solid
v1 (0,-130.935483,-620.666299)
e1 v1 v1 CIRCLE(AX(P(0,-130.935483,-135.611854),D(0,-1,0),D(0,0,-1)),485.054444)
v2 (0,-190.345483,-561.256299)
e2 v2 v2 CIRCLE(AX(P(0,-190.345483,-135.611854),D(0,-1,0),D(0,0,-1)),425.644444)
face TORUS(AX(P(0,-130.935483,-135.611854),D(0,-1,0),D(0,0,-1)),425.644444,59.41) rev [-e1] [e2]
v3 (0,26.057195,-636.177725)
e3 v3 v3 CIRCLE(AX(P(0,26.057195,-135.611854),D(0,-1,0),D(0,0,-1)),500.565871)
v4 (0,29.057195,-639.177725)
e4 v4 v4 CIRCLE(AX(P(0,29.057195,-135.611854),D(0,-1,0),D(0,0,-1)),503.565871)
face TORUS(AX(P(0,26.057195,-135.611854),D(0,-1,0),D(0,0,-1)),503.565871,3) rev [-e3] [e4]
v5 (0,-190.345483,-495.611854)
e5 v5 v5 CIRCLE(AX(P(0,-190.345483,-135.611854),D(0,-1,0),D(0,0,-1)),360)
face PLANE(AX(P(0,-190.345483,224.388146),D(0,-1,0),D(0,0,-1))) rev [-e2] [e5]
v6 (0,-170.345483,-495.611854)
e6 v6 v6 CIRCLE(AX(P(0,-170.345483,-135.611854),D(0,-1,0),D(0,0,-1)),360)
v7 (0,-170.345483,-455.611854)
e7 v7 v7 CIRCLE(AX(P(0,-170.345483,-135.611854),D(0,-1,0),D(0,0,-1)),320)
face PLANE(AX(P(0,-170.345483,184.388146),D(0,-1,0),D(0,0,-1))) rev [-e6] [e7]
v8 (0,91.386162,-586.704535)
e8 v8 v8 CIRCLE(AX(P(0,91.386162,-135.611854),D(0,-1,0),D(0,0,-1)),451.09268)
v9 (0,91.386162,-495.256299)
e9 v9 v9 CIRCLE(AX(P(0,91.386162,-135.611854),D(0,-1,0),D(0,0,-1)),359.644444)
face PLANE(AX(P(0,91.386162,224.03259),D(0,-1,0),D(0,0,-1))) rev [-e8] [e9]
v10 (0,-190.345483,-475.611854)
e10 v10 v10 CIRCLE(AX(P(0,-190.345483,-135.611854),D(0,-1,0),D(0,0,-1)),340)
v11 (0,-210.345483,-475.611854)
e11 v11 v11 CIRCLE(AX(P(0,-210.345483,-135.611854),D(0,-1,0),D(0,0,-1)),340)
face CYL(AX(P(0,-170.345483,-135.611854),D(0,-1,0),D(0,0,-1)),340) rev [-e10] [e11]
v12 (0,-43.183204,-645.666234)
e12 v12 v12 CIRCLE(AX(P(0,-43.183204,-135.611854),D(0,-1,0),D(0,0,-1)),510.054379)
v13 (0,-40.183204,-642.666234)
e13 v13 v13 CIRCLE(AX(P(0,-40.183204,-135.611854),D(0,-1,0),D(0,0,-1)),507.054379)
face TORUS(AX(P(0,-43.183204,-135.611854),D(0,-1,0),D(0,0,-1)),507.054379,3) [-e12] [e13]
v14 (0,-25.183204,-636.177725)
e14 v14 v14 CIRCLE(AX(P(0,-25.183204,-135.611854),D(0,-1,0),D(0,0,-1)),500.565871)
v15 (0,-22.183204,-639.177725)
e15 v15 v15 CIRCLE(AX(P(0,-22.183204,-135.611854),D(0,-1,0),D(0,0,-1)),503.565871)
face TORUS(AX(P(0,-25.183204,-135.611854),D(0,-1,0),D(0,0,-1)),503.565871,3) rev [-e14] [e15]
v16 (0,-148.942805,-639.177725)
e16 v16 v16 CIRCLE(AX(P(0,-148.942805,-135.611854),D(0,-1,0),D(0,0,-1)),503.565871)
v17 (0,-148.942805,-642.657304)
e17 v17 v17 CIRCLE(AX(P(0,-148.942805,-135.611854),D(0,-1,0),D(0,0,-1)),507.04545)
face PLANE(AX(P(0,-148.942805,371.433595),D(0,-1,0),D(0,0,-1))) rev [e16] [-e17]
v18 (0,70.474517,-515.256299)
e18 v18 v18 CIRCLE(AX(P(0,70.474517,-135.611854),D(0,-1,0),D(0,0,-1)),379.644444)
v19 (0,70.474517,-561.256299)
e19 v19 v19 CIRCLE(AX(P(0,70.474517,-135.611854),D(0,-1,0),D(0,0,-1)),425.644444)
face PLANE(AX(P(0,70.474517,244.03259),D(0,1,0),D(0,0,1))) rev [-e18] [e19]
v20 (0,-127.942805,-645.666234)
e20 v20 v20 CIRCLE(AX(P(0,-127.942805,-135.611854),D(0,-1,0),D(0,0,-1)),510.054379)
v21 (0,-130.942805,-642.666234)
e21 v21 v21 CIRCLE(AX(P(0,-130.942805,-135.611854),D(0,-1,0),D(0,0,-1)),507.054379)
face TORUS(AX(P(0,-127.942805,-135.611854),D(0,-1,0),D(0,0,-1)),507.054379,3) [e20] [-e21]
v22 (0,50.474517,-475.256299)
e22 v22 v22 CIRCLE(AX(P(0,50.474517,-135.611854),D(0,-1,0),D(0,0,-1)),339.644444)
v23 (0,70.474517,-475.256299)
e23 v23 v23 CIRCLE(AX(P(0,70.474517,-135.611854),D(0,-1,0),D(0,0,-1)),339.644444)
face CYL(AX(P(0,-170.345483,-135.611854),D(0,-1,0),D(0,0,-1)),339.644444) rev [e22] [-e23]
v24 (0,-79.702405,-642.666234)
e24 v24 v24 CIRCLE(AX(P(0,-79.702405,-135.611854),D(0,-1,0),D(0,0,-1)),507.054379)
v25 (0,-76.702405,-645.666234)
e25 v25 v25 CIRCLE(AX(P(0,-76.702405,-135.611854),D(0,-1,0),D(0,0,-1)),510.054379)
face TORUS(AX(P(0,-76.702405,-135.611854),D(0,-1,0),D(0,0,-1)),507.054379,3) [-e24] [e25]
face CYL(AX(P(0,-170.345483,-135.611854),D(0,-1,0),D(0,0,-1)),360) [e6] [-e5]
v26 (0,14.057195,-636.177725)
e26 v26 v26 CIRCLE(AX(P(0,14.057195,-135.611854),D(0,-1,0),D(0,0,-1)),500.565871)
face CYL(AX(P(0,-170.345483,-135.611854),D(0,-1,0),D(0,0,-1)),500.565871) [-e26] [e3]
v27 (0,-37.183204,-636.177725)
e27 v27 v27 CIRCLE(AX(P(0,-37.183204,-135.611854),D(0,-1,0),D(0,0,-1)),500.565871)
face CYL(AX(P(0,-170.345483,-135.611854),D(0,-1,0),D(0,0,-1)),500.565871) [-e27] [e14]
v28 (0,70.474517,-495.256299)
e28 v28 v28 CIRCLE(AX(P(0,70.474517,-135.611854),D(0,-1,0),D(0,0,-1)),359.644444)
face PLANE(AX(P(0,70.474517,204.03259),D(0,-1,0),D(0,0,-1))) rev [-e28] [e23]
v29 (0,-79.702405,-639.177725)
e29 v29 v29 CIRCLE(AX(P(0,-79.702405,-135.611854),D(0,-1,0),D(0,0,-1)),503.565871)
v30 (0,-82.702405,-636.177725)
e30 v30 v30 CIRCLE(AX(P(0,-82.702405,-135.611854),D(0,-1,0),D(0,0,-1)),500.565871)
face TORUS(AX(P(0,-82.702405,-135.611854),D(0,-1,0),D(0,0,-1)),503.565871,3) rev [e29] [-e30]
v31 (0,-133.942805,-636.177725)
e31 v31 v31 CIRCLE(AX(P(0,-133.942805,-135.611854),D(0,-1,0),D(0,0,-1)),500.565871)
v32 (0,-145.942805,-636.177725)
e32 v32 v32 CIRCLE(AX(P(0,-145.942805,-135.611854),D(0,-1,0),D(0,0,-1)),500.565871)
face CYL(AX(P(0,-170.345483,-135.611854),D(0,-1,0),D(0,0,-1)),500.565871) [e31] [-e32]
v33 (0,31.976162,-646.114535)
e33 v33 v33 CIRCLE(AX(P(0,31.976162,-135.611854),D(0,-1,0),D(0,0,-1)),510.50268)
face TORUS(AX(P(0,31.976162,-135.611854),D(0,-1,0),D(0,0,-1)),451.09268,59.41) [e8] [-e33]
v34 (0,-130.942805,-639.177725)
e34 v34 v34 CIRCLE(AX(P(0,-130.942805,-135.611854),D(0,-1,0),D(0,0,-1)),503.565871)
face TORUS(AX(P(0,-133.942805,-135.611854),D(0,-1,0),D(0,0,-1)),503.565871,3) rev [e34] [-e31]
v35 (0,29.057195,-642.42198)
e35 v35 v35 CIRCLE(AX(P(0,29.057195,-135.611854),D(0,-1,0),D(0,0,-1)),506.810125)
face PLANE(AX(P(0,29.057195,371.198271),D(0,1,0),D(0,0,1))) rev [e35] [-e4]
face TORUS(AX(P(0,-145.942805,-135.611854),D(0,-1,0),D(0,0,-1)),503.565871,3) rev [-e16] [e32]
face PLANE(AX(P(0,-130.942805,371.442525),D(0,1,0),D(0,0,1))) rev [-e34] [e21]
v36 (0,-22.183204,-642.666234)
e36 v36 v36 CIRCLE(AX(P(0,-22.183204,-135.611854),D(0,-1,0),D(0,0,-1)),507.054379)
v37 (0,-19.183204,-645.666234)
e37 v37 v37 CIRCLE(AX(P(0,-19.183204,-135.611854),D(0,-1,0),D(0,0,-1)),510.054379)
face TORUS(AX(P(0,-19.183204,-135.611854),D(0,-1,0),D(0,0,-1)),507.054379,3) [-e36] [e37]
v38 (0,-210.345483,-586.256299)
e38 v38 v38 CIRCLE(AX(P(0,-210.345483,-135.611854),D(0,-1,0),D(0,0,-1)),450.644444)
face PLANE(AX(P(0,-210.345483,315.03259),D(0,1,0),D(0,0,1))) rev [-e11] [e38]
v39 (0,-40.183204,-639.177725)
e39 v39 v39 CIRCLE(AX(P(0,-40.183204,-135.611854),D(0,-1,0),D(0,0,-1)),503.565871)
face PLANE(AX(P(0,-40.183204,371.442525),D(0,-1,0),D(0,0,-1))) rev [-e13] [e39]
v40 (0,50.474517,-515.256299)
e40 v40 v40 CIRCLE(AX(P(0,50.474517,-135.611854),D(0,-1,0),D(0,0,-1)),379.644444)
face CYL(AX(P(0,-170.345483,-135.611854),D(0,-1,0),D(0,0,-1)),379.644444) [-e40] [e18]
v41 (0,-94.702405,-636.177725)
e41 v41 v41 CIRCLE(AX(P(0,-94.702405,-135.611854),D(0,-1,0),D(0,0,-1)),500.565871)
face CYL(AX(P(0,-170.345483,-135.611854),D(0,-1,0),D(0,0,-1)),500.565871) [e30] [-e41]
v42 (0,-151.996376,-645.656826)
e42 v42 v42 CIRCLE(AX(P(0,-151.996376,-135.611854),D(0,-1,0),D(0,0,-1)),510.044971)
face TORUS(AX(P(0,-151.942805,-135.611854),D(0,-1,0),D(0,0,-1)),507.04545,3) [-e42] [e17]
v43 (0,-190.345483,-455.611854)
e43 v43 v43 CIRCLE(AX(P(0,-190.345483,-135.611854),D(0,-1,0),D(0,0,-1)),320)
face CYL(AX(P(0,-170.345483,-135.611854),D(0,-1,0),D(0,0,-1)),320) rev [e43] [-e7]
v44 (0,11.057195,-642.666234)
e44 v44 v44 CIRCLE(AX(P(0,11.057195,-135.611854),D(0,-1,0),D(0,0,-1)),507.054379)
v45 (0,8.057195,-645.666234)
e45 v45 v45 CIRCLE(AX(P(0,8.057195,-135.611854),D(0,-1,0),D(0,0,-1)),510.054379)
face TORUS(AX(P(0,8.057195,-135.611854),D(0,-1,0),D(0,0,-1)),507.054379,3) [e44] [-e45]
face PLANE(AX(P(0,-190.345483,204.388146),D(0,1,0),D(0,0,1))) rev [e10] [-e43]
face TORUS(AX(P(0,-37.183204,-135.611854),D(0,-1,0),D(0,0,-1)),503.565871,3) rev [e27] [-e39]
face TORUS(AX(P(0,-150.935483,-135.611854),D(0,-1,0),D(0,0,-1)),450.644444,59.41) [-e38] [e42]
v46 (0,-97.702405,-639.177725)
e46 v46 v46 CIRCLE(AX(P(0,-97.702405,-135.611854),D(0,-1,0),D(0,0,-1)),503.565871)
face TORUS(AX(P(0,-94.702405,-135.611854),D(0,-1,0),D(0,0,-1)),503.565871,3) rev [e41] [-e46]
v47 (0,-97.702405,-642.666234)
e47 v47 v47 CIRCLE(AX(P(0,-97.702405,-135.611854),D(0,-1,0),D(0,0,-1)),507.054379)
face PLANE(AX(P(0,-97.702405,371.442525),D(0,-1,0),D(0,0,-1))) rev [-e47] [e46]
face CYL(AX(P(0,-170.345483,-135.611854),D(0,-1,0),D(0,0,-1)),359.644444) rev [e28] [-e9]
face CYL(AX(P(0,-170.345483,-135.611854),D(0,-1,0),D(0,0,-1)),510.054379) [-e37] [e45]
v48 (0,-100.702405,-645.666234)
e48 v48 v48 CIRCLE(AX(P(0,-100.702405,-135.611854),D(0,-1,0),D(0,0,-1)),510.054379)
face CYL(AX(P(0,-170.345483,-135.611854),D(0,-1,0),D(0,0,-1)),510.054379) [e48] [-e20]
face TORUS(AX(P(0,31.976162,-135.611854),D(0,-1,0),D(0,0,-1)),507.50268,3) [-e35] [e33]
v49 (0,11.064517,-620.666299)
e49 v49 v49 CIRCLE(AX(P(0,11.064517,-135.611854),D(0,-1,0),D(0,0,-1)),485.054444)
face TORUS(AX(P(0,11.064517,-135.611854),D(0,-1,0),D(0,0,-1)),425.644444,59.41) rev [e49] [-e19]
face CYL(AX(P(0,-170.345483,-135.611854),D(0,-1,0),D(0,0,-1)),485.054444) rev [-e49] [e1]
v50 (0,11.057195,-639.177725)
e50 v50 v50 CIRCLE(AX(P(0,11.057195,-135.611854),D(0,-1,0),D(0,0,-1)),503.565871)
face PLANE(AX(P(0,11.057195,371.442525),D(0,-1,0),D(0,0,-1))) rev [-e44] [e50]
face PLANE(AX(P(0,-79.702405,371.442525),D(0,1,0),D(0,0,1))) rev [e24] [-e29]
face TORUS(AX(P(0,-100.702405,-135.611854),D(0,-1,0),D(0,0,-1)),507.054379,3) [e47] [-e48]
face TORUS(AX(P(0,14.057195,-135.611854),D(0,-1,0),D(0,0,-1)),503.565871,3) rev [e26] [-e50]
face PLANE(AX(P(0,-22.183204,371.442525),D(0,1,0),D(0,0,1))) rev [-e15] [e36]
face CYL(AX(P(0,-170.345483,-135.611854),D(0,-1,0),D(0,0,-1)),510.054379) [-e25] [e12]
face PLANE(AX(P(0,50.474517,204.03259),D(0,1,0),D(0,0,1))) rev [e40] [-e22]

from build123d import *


with BuildPart() as part:
    # Sketch1 → Revolve1 (revolve)
    with BuildSketch(Plane(origin=(0, 0, 0), x_dir=(0, 0, -1), z_dir=(1, 0, 0)), mode=Mode.PRIVATE) as revolve1_sk:
        with BuildLine():
            Line((-204.032589954, 50.47451672), (-204.032589954, 70.47451672))
            Line((-204.032589954, 70.47451672), (-224.032589954, 70.47451672))
            Line((-224.032589954, 70.47451672), (-224.032589954, 91.386162075))
            Line((-224.032589954, 91.386162075), (-315.480825894, 91.386162075))
            ThreePointArc((-315.480825894, 91.386162075), (-357.490039765, 73.985375945), (-374.890825894, 31.976162075))
            ThreePointArc((-374.890825894, 31.976162075), (-373.751247075, 29.622689528), (-371.198270541, 29.057195291))
            Line((-371.198270541, 29.057195291), (-367.954016504, 29.057195291))
            ThreePointArc((-367.954016504, 29.057195291), (-365.83269616, 28.178515635), (-364.954016504, 26.057195291))
            Line((-364.954016504, 26.057195291), (-364.954016504, 14.057195291))
            ThreePointArc((-364.954016504, 14.057195291), (-365.83269616, 11.935874948), (-367.954016504, 11.057195291))
            Line((-367.954016504, 11.057195291), (-371.442524579, 11.057195291))
            ThreePointArc((-371.442524579, 11.057195291), (-373.563844923, 10.178515635), (-374.442524579, 8.057195291))
            Line((-374.442524579, 8.057195291), (-374.442524579, -19.183204346))
            ThreePointArc((-374.442524579, -19.183204346), (-373.563844923, -21.30452469), (-371.442524579, -22.183204346))
            Line((-371.442524579, -22.183204346), (-367.954016504, -22.183204346))
            ThreePointArc((-367.954016504, -22.183204346), (-365.83269616, -23.061884003), (-364.954016504, -25.183204346))
            Line((-364.954016504, -25.183204346), (-364.954016504, -37.183204346))
            ThreePointArc((-364.954016504, -37.183204346), (-365.83269616, -39.30452469), (-367.954016504, -40.183204346))
            Line((-367.954016504, -40.183204346), (-371.442524579, -40.183204346))
            ThreePointArc((-371.442524579, -40.183204346), (-373.563844923, -41.061884003), (-374.442524579, -43.183204346))
            Line((-374.442524579, -43.183204346), (-374.442524579, -76.702405071))
            ThreePointArc((-374.442524579, -76.702405071), (-373.563844923, -78.823725414), (-371.442524579, -79.702405071))
            Line((-371.442524579, -79.702405071), (-367.954016504, -79.702405071))
            ThreePointArc((-367.954016504, -79.702405071), (-365.83269616, -80.581084727), (-364.954016504, -82.702405071))
            Line((-364.954016504, -82.702405071), (-364.954016504, -94.702405071))
            ThreePointArc((-364.954016504, -94.702405071), (-365.83269616, -96.823725414), (-367.954016504, -97.702405071))
            Line((-367.954016504, -97.702405071), (-371.442524579, -97.702405071))
            ThreePointArc((-371.442524579, -97.702405071), (-373.563844923, -98.581084727), (-374.442524579, -100.702405071))
            Line((-374.442524579, -100.702405071), (-374.442524579, -127.942804709))
            ThreePointArc((-374.442524579, -127.942804709), (-373.563844923, -130.064125052), (-371.442524579, -130.942804709))
            Line((-371.442524579, -130.942804709), (-367.954016504, -130.942804709))
            ThreePointArc((-367.954016504, -130.942804709), (-365.83269616, -131.821484365), (-364.954016504, -133.942804709))
            Line((-364.954016504, -133.942804709), (-364.954016504, -145.942804709))
            ThreePointArc((-364.954016504, -145.942804709), (-365.83269616, -148.064125052), (-367.954016504, -148.942804709))
            Line((-367.954016504, -148.942804709), (-371.433595296, -148.942804709))
            ThreePointArc((-371.433595296, -148.942804709), (-373.573772191, -149.840510044), (-374.433116941, -151.996376137))
            ThreePointArc((-374.433116941, -151.996376137), (-356.665031964, -193.318119728), (-315.032589954, -210.34548328))
            Line((-315.032589954, -210.34548328), (-204.38814551, -210.34548328))
            Line((-204.38814551, -210.34548328), (-204.38814551, -190.34548328))
            Line((-204.38814551, -190.34548328), (-184.38814551, -190.34548328))
            Line((-184.38814551, -190.34548328), (-184.38814551, -170.34548328))
            Line((-184.38814551, -170.34548328), (-224.38814551, -170.34548328))
            Line((-224.38814551, -170.34548328), (-224.38814551, -190.34548328))
            Line((-224.38814551, -190.34548328), (-290.032589954, -190.34548328))
            ThreePointArc((-290.032589954, -190.34548328), (-332.041803824, -172.94469715), (-349.442589954, -130.93548328))
            Line((-349.442589954, -130.93548328), (-349.442589954, 11.06451672))
            ThreePointArc((-349.442589954, 11.06451672), (-332.041803824, 53.07373059), (-290.032589954, 70.47451672))
            Line((-290.032589954, 70.47451672), (-244.032589954, 70.47451672))
            Line((-244.032589954, 70.47451672), (-244.032589954, 50.47451672))
            Line((-244.032589954, 50.47451672), (-204.032589954, 50.47451672))
        make_face()
    revolve(revolve1_sk.sketch.rotate(Axis((0, -170.34548328, -135.61185449), (0, 1, 0)), 180), axis=Axis((0, -170.34548328, -135.61185449), (0, 1, 0)))


solid = part.part
